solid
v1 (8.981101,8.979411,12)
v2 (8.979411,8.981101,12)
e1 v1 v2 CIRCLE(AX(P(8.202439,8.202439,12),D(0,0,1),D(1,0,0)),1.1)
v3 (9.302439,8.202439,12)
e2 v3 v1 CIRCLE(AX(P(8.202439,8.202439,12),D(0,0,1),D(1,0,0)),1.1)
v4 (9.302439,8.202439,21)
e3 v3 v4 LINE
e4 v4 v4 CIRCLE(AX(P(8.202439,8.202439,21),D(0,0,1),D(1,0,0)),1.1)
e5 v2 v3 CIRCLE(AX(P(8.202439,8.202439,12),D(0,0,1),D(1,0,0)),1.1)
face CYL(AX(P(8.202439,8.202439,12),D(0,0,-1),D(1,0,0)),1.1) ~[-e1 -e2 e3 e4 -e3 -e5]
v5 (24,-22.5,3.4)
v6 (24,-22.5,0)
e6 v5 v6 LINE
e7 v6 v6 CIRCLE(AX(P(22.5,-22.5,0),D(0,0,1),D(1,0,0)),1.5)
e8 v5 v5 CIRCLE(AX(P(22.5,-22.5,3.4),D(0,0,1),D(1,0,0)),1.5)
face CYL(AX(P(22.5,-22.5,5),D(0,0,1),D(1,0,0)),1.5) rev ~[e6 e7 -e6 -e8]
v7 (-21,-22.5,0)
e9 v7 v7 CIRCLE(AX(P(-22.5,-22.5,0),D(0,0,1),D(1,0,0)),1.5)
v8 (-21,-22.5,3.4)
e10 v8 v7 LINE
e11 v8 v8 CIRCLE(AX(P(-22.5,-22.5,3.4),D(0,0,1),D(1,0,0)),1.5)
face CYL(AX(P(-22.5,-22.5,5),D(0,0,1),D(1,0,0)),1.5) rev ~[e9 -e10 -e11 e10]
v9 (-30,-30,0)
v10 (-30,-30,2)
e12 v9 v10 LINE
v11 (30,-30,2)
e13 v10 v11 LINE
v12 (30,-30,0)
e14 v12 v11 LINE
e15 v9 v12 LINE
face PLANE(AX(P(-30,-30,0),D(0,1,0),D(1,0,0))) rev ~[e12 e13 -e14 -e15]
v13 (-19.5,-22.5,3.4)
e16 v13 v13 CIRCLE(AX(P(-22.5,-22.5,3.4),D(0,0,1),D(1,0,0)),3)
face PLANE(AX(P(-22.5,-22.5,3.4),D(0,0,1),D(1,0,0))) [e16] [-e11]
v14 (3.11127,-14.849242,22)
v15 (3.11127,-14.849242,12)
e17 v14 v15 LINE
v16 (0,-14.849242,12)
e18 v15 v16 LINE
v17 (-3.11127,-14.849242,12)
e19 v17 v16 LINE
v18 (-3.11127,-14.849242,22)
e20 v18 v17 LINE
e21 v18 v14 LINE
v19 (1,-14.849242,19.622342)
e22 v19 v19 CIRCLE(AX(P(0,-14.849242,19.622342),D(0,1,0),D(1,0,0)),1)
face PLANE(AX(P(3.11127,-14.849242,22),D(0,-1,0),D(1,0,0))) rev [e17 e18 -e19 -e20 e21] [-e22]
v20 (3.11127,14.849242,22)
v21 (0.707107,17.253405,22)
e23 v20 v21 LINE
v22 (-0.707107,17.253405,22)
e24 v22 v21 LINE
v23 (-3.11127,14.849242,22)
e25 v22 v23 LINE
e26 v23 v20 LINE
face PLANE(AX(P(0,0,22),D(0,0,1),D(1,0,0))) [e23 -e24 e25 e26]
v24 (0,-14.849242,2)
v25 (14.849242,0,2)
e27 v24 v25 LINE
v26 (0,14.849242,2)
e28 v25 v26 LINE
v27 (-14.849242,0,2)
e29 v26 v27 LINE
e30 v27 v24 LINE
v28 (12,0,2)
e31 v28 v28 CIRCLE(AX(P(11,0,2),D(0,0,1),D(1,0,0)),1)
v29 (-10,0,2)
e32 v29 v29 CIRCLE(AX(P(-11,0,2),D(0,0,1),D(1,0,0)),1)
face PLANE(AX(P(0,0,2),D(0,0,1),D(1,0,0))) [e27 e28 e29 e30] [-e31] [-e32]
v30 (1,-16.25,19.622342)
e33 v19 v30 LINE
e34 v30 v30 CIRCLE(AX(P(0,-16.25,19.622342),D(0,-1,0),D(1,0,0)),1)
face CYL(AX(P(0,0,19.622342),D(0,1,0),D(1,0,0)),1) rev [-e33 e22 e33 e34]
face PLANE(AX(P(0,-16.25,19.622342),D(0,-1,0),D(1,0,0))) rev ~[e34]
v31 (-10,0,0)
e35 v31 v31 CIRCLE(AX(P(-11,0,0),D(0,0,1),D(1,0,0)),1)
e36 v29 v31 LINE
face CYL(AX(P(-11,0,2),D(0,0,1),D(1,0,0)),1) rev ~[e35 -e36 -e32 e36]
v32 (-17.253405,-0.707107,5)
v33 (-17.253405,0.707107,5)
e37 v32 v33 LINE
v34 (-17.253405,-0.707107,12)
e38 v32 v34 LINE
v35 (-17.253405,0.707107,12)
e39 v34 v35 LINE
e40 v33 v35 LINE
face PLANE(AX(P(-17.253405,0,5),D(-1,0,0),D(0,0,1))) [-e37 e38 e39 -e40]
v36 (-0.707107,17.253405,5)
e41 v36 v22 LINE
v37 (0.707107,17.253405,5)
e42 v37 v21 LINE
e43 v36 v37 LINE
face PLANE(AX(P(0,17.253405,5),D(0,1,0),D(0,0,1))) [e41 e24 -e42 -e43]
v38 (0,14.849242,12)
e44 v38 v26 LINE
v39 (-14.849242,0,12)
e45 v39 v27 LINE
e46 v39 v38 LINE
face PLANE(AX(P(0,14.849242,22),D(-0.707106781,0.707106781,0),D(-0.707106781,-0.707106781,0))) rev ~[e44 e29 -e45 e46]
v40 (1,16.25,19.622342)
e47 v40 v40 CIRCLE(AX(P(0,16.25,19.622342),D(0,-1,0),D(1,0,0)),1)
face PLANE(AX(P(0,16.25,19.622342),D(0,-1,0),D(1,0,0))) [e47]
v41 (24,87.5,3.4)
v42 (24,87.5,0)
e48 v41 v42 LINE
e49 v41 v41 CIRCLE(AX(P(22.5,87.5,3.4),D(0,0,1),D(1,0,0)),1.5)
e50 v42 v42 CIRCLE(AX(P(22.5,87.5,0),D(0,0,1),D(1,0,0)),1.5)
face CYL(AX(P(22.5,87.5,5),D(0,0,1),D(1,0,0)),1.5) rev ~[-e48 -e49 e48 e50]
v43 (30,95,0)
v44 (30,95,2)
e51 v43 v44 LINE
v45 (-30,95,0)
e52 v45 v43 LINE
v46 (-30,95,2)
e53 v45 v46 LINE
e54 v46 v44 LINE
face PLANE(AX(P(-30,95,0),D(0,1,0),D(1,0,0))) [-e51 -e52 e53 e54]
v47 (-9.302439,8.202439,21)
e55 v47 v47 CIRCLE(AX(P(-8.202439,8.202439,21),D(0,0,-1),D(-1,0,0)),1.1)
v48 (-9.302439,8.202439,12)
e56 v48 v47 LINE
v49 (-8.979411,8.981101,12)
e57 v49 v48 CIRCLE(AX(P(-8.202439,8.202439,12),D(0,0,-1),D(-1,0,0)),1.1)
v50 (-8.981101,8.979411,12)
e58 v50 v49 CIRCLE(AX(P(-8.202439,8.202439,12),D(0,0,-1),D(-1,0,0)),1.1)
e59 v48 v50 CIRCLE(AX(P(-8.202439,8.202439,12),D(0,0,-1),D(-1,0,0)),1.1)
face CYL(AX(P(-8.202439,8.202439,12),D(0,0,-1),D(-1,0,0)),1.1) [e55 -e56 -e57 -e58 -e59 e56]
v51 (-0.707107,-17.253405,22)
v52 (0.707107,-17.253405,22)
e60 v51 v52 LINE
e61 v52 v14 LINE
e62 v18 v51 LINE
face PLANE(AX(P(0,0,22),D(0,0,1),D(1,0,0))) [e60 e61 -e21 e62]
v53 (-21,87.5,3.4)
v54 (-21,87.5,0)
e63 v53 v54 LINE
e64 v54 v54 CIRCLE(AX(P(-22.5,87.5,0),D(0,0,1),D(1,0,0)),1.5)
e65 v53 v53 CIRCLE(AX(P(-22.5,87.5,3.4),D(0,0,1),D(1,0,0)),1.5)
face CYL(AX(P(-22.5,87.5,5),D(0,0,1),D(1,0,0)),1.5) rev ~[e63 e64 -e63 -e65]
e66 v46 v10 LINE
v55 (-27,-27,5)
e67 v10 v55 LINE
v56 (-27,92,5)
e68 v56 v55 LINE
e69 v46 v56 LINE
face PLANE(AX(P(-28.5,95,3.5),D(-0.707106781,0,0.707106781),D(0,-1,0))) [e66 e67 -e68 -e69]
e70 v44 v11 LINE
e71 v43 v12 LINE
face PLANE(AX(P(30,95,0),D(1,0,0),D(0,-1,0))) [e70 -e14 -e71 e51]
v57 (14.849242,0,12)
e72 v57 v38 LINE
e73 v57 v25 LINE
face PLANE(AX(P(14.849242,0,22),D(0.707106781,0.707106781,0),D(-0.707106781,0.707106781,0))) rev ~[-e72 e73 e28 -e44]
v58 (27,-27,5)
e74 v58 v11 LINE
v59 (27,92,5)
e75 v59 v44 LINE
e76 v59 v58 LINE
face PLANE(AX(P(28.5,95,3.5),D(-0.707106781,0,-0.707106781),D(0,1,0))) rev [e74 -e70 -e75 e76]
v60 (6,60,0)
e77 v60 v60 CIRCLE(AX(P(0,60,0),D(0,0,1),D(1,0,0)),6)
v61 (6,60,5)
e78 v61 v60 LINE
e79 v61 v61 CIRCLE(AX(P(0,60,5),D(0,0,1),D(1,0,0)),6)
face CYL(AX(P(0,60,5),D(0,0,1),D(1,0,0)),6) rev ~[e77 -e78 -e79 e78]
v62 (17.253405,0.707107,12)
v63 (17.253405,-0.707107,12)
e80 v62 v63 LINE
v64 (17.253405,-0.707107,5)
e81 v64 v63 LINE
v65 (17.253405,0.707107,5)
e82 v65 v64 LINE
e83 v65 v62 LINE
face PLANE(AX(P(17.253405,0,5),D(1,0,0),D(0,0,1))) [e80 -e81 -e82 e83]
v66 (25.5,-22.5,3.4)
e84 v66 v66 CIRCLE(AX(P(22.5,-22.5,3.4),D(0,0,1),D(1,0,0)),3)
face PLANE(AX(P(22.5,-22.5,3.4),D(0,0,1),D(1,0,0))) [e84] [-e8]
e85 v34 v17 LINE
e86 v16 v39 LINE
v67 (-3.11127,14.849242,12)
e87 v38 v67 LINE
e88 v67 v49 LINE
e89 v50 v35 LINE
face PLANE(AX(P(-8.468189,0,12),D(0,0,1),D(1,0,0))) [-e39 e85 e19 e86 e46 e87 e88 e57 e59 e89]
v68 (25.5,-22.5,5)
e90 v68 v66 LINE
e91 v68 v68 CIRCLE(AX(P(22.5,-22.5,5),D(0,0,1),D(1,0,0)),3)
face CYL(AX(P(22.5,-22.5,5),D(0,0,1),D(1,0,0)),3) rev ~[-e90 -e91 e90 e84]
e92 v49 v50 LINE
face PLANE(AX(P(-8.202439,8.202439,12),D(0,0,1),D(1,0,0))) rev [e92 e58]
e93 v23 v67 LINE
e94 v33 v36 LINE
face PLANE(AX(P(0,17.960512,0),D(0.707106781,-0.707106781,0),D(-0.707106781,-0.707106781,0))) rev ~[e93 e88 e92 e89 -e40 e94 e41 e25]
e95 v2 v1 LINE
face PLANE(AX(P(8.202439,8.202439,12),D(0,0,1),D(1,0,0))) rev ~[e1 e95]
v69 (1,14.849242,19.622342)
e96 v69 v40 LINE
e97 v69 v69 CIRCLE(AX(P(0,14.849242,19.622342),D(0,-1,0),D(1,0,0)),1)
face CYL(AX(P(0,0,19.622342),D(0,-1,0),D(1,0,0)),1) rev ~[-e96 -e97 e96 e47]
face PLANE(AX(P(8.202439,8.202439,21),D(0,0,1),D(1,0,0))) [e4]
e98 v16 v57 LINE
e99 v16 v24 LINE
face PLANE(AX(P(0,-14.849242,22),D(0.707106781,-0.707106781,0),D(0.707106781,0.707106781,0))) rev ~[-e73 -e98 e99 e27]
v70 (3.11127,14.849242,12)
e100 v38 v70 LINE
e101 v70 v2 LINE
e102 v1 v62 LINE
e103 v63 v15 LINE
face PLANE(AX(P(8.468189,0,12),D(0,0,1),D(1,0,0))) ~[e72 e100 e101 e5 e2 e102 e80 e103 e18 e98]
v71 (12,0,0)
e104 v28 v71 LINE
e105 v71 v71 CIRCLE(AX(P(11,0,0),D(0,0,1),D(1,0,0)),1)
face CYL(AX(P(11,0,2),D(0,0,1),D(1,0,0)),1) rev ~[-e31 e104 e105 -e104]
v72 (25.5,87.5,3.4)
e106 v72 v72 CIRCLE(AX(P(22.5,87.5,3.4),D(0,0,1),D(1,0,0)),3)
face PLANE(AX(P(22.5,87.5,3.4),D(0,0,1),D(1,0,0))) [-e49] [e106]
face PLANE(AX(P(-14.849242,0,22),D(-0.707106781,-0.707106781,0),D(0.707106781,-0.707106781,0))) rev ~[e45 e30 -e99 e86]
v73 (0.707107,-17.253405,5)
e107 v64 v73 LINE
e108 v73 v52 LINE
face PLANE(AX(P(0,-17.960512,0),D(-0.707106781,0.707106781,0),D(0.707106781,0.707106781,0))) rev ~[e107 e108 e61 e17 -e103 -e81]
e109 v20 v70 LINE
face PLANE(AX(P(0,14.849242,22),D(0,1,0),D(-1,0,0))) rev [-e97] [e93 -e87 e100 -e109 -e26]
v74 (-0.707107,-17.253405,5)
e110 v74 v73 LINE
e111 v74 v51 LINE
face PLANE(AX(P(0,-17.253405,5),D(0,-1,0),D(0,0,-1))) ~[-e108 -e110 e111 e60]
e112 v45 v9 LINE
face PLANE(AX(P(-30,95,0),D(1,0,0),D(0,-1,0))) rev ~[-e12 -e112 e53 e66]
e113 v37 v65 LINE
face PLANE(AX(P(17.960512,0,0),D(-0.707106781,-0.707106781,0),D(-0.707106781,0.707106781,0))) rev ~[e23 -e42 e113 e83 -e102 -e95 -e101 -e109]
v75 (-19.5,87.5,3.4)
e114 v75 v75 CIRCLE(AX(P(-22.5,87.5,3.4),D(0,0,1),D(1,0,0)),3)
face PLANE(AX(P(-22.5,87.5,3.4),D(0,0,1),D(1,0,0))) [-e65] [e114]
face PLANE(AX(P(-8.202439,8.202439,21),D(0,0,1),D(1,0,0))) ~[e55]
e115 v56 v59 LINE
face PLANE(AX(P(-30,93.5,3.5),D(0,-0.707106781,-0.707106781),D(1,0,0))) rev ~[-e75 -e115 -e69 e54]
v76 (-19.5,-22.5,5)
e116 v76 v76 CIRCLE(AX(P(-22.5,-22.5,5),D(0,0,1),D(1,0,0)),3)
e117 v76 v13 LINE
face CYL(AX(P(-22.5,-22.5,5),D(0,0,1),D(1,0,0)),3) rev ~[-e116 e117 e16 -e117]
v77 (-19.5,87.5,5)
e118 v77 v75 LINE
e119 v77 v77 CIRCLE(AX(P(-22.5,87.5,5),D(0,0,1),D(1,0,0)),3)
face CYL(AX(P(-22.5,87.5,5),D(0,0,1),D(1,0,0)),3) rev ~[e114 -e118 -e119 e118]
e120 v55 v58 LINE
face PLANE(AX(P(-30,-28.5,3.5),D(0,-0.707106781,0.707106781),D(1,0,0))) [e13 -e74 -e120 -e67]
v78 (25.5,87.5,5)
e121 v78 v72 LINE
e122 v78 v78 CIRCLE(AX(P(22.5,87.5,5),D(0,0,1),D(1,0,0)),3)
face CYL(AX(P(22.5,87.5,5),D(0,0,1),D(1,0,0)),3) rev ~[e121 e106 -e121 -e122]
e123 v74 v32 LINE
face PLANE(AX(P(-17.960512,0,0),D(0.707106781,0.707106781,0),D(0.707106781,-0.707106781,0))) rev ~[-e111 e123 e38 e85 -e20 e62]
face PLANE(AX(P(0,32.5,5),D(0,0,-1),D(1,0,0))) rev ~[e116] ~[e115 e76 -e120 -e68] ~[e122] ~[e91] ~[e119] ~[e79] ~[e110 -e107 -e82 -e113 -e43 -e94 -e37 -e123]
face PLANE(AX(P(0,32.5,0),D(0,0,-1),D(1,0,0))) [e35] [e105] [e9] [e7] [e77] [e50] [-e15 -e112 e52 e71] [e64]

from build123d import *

# Parameters (mm, degrees)
PAD_DEPTH            = 22
POCKET_DEPTH         = 20
POCKET001_DEPTH      = 10
SKETCH003_R          = 1
POCKET002_DEPTH      = 16.25
POCKET002_DEPTH_BACK = -16.25
SKETCH004_R          = 1.1
PAD001_DEPTH         = 9
SKETCH005_R          = 1
POCKET003_DEPTH      = 5
SKETCH006_W          = 60
SKETCH006_H          = 125
PAD002_DEPTH         = 5
CHAMFER_SIZE         = 3
CHAMFER001_SIZE      = 1
SKETCH007_R          = 6
POCKET004_DEPTH      = 5
SKETCH008_R          = 1.5
POCKET005_DEPTH      = 5
SKETCH009_R          = 3
POCKET006_DEPTH      = 1.6


with BuildPart() as part:
    # Sketch → Pad (new body)
    with BuildSketch(Plane.XY):
        Polygon((0, -17.960512), (17.960512, 0), (0, 17.960512), (-17.960512, 0), align=None)
    extrude(amount=PAD_DEPTH)

    # Sketch001 (on Face6 of Pad) → Pocket (cut)
    with BuildSketch(Plane.XY.offset(22)):
        Polygon((0, 14.849242), (-14.849242, 0), (0, -14.849242), (14.849242, 0), align=None)
    extrude(amount=-POCKET_DEPTH, mode=Mode.SUBTRACT)

    # Sketch002 (on Face5 of Pocket) → Pocket001 (cut)
    with BuildSketch(Plane.XY.offset(22)):
        Polygon((-3.11127, 14.849242), (-17.960512, 0), (-3.11127, -14.849242), (0, -14.849242), (-14.849242, 0), (0, 14.849242), align=None)
    pocket001 = extrude(amount=-POCKET001_DEPTH, mode=Mode.SUBTRACT)

    # Mirrored: Pocket001 across YZ
    add(pocket001.mirror(Plane.YZ), mode=Mode.SUBTRACT)

    # Sketch003 → Pocket002 (cut, two sides)
    with BuildSketch(Plane.XZ) as pocket002_sk:
        with Locations((0, 19.622342)):
            Circle(SKETCH003_R)
    extrude(amount=-POCKET002_DEPTH, mode=Mode.SUBTRACT)
    extrude(pocket002_sk.sketch, amount=-POCKET002_DEPTH_BACK, mode=Mode.SUBTRACT)

    # Sketch004 (on Face15 of Pocket002) → Pad001 (join)
    with BuildSketch(Plane.XY.offset(12)):
        with Locations((8.202439, 8.202439)):
            Circle(SKETCH004_R)
    pad001 = extrude(amount=PAD001_DEPTH)

    # Mirrored001: Pad001 across YZ
    add(pad001.mirror(Plane.YZ))

    # Sketch005 (on Face21 of Mirrored001) → Pocket003 (cut)
    with BuildSketch(Plane.XY.offset(2)):
        with Locations((-11, 0)):
            Circle(SKETCH005_R)
        with Locations((11, 0)):
            Circle(SKETCH005_R)
    extrude(amount=-POCKET003_DEPTH, mode=Mode.SUBTRACT)

    # Sketch006 (on Face2 of Pocket003) → Pad002 (join)
    with BuildSketch(Plane(origin=(0, 0, 0), x_dir=(1, 0, 0), z_dir=(0, 0, -1))):
        with Locations((0, -32.5)):
            Rectangle(SKETCH006_W, SKETCH006_H)
        Polygon((0, 17.526509), (-17.526509, 0), (0, -17.526509), (17.526509, 0), align=None, mode=Mode.SUBTRACT)
    extrude(amount=-PAD002_DEPTH)

    # Chamfer
    chamfer_edges = [part.edges().sort_by_distance(p)[0] for p in [
        (30, 32.5, 5),
        (0, 95, 5),
        (-30, 32.5, 5),
        (0, -30, 5),
    ]]
    chamfer(chamfer_edges, length=CHAMFER_SIZE)

    # Chamfer001
    chamfer001_edges = [part.edges().sort_by_distance(p)[0] for p in [
        (17.960512, 0, 8.5),
        (0, 17.960512, 13.5),
        (-17.960512, 0, 8.5),
        (0, -17.960512, 13.5),
    ]]
    chamfer(chamfer001_edges, length=CHAMFER001_SIZE)

    # Sketch007 (on Face1 of Chamfer001) → Pocket004 (cut)
    with BuildSketch(Plane.XY.offset(5)):
        with Locations((0, 60)):
            Circle(SKETCH007_R)
    extrude(amount=-POCKET004_DEPTH, mode=Mode.SUBTRACT)

    # Sketch008 (on Face1 of Pocket004) → Pocket005 (cut)
    with BuildSketch(Plane.XY.offset(5)):
        with Locations((-22.5, 87.5)):
            Circle(SKETCH008_R)
        with Locations((22.5, 87.5)):
            Circle(SKETCH008_R)
        with Locations((22.5, -22.5)):
            Circle(SKETCH008_R)
        with Locations((-22.5, -22.5)):
            Circle(SKETCH008_R)
    extrude(amount=-POCKET005_DEPTH, mode=Mode.SUBTRACT)

    # Sketch009 (on Face1 of Pocket005) → Pocket006 (cut)
    with BuildSketch(Plane.XY.offset(5)):
        with Locations((-22.5, 87.5)):
            Circle(SKETCH009_R)
        with Locations((22.5, 87.5)):
            Circle(SKETCH009_R)
        with Locations((-22.5, -22.5)):
            Circle(SKETCH009_R)
        with Locations((22.5, -22.5)):
            Circle(SKETCH009_R)
    extrude(amount=-POCKET006_DEPTH, mode=Mode.SUBTRACT)


solid = part.part
